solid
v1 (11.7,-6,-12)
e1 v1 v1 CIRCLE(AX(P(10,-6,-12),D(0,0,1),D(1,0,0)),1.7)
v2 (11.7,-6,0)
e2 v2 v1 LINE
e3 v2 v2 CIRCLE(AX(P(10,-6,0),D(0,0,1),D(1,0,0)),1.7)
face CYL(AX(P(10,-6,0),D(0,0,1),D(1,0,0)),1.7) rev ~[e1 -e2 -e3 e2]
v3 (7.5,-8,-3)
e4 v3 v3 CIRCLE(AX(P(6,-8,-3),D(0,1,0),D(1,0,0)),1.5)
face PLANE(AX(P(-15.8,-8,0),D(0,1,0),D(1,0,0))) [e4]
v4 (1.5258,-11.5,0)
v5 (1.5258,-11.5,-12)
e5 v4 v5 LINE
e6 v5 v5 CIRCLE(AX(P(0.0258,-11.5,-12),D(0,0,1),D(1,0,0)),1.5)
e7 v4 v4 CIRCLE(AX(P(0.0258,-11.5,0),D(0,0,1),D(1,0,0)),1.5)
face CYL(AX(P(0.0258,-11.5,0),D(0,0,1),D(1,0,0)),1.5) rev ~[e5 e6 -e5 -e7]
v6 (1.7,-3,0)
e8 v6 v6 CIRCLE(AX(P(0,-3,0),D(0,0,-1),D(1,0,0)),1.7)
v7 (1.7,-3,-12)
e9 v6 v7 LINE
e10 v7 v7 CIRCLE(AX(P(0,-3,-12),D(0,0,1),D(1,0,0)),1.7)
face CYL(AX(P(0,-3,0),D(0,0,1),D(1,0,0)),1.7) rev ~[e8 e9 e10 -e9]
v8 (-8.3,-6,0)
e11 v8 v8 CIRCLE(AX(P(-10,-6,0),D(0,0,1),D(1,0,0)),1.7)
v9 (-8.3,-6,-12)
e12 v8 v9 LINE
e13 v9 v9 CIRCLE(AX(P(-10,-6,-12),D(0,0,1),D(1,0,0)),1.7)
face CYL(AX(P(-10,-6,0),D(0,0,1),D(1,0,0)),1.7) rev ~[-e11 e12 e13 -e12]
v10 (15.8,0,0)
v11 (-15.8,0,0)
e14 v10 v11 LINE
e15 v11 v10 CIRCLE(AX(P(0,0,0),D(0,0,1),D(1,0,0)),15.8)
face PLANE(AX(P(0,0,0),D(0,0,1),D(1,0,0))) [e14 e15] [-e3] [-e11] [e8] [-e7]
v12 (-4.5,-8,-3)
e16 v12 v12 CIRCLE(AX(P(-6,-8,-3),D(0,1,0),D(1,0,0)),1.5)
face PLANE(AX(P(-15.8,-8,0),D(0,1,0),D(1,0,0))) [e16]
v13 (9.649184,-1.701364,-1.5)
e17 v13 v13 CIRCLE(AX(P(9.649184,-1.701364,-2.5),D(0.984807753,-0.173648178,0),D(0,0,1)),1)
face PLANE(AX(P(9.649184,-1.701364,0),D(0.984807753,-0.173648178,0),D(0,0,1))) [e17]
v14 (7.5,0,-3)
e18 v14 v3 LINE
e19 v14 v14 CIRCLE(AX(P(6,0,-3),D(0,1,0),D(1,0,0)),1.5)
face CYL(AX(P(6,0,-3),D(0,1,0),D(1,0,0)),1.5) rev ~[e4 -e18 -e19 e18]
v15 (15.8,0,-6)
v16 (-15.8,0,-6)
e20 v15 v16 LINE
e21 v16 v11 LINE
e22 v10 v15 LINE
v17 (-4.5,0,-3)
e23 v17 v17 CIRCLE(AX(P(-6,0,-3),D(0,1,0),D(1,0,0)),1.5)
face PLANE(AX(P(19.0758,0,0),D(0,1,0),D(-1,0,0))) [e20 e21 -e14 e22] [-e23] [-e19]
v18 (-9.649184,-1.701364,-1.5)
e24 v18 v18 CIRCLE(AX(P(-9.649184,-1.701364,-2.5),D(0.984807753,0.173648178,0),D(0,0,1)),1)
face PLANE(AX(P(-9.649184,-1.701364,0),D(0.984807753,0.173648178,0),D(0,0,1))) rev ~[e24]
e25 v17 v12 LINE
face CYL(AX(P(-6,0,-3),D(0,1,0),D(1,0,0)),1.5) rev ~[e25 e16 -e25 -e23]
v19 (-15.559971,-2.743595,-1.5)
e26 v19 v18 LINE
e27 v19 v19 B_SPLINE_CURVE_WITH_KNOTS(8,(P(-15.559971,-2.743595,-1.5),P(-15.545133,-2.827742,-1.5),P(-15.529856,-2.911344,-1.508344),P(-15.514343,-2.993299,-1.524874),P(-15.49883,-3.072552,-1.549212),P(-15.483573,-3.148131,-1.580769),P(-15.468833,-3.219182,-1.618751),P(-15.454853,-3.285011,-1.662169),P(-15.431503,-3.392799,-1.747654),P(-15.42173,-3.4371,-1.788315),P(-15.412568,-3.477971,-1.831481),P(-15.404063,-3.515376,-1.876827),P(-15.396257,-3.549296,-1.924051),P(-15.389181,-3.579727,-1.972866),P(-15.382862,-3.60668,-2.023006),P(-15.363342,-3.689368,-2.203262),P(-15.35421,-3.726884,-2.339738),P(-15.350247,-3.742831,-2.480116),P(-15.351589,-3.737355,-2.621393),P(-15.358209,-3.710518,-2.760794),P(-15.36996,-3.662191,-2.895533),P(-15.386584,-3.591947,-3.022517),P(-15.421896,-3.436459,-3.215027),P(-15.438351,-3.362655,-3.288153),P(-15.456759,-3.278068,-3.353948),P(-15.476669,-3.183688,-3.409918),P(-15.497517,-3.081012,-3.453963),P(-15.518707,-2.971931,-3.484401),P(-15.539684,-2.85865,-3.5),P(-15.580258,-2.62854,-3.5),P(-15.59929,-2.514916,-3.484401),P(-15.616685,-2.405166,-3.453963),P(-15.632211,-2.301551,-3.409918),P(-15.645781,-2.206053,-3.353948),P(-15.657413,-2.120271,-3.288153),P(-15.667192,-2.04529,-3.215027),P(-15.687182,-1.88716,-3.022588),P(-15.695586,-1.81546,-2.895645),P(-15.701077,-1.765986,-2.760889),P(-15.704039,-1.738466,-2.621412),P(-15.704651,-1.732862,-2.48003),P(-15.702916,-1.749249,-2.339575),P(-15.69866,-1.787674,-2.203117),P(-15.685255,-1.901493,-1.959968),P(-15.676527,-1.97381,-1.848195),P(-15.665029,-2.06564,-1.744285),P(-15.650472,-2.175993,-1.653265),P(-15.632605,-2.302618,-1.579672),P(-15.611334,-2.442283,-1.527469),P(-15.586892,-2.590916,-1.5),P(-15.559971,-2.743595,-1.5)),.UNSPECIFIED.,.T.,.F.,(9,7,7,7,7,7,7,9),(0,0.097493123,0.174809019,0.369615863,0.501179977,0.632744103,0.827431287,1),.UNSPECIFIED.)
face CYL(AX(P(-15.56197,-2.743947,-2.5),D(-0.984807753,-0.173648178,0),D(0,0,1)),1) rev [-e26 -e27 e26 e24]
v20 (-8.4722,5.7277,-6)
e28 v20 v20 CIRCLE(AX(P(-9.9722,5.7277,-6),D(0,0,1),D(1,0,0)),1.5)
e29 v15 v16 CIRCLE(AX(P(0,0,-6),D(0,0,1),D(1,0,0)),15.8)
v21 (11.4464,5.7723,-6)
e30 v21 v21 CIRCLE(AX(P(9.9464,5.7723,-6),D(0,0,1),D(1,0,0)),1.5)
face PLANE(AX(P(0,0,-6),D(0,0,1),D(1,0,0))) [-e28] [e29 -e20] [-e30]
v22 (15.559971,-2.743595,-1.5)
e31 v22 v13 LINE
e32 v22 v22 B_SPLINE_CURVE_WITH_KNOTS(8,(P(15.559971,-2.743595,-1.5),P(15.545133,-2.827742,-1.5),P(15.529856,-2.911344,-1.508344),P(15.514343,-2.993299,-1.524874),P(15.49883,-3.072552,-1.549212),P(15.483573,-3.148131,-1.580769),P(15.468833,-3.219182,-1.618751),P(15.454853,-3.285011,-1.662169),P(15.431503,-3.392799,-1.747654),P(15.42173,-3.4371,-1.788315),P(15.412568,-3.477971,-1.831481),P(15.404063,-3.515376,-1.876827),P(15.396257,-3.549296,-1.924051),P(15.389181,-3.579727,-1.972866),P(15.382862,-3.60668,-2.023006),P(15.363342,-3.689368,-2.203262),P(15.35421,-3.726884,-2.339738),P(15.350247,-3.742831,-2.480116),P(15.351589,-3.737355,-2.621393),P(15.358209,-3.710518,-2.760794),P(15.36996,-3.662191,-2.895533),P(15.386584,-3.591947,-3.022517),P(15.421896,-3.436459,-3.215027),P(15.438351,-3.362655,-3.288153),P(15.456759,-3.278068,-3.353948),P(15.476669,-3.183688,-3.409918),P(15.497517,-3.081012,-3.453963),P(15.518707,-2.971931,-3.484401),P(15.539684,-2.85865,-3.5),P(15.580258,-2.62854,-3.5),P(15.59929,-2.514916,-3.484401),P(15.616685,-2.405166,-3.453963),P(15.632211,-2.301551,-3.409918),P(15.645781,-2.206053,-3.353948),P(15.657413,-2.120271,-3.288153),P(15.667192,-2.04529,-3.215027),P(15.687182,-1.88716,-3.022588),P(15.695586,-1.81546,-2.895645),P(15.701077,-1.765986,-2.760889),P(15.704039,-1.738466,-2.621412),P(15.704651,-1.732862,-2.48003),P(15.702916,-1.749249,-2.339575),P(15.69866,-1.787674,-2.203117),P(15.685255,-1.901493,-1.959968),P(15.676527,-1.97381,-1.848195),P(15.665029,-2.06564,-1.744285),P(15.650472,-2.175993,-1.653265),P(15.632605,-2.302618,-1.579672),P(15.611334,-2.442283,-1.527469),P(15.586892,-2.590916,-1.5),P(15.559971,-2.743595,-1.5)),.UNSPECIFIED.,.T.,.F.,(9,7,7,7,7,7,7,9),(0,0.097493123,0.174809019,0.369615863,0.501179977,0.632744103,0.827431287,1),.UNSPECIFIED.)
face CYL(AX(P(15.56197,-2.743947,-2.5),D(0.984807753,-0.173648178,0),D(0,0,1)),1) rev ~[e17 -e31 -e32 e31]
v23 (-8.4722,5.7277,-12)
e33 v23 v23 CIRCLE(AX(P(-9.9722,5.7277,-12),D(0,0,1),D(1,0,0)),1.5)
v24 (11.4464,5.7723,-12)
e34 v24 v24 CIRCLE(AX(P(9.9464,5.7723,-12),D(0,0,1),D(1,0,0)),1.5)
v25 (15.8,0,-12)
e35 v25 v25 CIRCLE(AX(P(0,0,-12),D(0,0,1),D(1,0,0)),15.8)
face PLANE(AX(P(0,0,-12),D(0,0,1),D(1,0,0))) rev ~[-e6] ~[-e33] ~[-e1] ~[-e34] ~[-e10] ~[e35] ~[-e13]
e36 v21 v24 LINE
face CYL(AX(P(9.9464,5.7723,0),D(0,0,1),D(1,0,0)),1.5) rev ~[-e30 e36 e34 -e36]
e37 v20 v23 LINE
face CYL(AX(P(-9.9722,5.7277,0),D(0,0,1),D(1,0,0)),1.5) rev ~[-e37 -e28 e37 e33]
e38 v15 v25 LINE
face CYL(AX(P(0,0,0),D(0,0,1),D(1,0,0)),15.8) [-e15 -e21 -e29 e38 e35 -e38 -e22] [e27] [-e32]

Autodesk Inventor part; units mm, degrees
ref_plane "XZ Plane" through (0, 0, 0) normal (0, 1, 0) x (-1, 0, 0)
sketch "スケッチ2" plane through (0, 0, 0) normal (0, 0, 1) x (1, 0, 0)
  circle A0 centre (0, 0) radius 15.8
  dimension "d0" = 31.6
extrude "押し出し1" add sketch "スケッチ2" against normal blind 12
sketch "スケッチ4" plane through (0, 0, 0) normal (0, 0, 1) x (1, 0, 0)
  circle A0 centre (0.0258, -11.5) radius 1.5
  circle A1 centre (9.9464, 5.7723) radius 1.5
  circle A2 centre (-9.9722, 5.7277) radius 1.5
  point P0 (0, 0)
  dimension "d8" = 3
  dimension "d9" = 11.5
  dimension "d12" = 360
extrude "押し出し3" cut sketch "スケッチ4" against normal through all
sketch "スケッチ13" plane through (0, 0, 0) normal (0, 0, 1) x (1, 0, 0)
  circle A0 centre (-10, -6) radius 1.7
  circle A1 centre (10, -6) radius 1.7
  circle A2 centre (0, -3) radius 1.7
  line L0 (0, 0) -> (0, -19.4065)
  line L1 (0, 0) -> (20.4623, 0)
  point P0 (0, -4.7)
  point P1 (0, -1.3)
  dimension "d125" = 3.4
  dimension "d126" = 3.4
  dimension "d127" = 3.4
  dimension "d128" = 6
  dimension "d129" = 3
  dimension "d130" = 10
extrude "押し出し11" cut sketch "スケッチ13" against normal through all
ref_plane "作業平面6" through (0, 0, 0) normal (0.9848, -0.1736, 0) x (0, 0, 1)
ref_plane "作業平面7" through (0, 0, 0) normal (0.9848, 0.1736, 0) x (0, 0, 1)
ref_plane "作業平面8" through (15.56, -2.7436, 0) normal (0.9848, -0.1736, 0) x (0, 0, 1)
ref_plane "作業平面9" through (-15.56, -2.7436, 0) normal (0.9848, 0.1736, 0) x (0, 0, 1)
sketch "スケッチ15" plane through (15.56, -2.7436, 0) normal (0.9848, -0.1736, 0) x (0, 0, 1)
  circle A0 centre (-2.5, 0) radius 1
  point P0 (0, 0)
  dimension "d103" = 2
  dimension "d104" = 2.5
sketch "スケッチ16" plane through (-15.56, -2.7436, 0) normal (0.9848, 0.1736, 0) x (0, 0, 1)
  circle A0 centre (-2.5, 0) radius 1
  point P0 (0, 0)
  dimension "d105" = 2
  dimension "d106" = 2.5
extrude "押し出し12" cut sketch "スケッチ16" along normal blind 6
extrude "押し出し13" cut sketch "スケッチ15" against normal blind 6
thread "ねじ10" size "M2x0.4" class "6H" standard "ANSI Metric M Profile" full length
thread "ねじ11" size "M2x0.4" class "6H" standard "ANSI Metric M Profile" full length
sketch "スケッチ18" plane through (0, 0, 0) normal (0, 0, 1) x (1, 0, 0)
  line L0 (-18.9802, 17.2113) -> (19.0758, 17.2113)
  line L1 (19.0758, 17.2113) -> (19.0758, 0)
  line L2 (19.0758, 0) -> (-18.9802, 0)
  line L3 (-18.9802, 0) -> (-18.9802, 17.2113)
  point P0 (0, 0)
  point P1 (0.0478, 0)
  dimension "d141" = 0
extrude "押し出し15" cut sketch "スケッチ18" against normal blind 6
sketch "スケッチ20" plane through (-15.8, 0, 0) normal (0, 1, 0) x (1, 0, 0)
  line L0 (15.8, 0) -> (15.8, 8.7821) construction
  line L1 (0, 0) -> (0, 6) projected
  line L2 (0, 3) -> (33.9854, 3) construction
  circle A0 centre (9.8, 3) radius 1.5
  circle A1 centre (21.8, 3) radius 1.5
  line L3 (31.6, 0) -> (0, 0) projected
  dimension "d132" = 3
  dimension "d133" = 3
  dimension "d134" = 6
extrude "押し出し16" cut sketch "スケッチ20" against normal blind 8
thread "ねじ13" size "M3x0.5" class "6H" standard "ANSI Metric M Profile" full length
thread "ねじ14" size "M3x0.5" class "6H" standard "ANSI Metric M Profile" full length
thread "ねじ15" size "M3x0.5" class "6H" standard "ANSI Metric M Profile" full length
thread "ねじ16" size "M3x0.5" class "6H" standard "ANSI Metric M Profile" full length
thread "ねじ17" size "M3x0.5" class "6H" standard "ANSI Metric M Profile" full length
properties part number "B_probehead_5_1" material "ステンレス鋼 440C"
